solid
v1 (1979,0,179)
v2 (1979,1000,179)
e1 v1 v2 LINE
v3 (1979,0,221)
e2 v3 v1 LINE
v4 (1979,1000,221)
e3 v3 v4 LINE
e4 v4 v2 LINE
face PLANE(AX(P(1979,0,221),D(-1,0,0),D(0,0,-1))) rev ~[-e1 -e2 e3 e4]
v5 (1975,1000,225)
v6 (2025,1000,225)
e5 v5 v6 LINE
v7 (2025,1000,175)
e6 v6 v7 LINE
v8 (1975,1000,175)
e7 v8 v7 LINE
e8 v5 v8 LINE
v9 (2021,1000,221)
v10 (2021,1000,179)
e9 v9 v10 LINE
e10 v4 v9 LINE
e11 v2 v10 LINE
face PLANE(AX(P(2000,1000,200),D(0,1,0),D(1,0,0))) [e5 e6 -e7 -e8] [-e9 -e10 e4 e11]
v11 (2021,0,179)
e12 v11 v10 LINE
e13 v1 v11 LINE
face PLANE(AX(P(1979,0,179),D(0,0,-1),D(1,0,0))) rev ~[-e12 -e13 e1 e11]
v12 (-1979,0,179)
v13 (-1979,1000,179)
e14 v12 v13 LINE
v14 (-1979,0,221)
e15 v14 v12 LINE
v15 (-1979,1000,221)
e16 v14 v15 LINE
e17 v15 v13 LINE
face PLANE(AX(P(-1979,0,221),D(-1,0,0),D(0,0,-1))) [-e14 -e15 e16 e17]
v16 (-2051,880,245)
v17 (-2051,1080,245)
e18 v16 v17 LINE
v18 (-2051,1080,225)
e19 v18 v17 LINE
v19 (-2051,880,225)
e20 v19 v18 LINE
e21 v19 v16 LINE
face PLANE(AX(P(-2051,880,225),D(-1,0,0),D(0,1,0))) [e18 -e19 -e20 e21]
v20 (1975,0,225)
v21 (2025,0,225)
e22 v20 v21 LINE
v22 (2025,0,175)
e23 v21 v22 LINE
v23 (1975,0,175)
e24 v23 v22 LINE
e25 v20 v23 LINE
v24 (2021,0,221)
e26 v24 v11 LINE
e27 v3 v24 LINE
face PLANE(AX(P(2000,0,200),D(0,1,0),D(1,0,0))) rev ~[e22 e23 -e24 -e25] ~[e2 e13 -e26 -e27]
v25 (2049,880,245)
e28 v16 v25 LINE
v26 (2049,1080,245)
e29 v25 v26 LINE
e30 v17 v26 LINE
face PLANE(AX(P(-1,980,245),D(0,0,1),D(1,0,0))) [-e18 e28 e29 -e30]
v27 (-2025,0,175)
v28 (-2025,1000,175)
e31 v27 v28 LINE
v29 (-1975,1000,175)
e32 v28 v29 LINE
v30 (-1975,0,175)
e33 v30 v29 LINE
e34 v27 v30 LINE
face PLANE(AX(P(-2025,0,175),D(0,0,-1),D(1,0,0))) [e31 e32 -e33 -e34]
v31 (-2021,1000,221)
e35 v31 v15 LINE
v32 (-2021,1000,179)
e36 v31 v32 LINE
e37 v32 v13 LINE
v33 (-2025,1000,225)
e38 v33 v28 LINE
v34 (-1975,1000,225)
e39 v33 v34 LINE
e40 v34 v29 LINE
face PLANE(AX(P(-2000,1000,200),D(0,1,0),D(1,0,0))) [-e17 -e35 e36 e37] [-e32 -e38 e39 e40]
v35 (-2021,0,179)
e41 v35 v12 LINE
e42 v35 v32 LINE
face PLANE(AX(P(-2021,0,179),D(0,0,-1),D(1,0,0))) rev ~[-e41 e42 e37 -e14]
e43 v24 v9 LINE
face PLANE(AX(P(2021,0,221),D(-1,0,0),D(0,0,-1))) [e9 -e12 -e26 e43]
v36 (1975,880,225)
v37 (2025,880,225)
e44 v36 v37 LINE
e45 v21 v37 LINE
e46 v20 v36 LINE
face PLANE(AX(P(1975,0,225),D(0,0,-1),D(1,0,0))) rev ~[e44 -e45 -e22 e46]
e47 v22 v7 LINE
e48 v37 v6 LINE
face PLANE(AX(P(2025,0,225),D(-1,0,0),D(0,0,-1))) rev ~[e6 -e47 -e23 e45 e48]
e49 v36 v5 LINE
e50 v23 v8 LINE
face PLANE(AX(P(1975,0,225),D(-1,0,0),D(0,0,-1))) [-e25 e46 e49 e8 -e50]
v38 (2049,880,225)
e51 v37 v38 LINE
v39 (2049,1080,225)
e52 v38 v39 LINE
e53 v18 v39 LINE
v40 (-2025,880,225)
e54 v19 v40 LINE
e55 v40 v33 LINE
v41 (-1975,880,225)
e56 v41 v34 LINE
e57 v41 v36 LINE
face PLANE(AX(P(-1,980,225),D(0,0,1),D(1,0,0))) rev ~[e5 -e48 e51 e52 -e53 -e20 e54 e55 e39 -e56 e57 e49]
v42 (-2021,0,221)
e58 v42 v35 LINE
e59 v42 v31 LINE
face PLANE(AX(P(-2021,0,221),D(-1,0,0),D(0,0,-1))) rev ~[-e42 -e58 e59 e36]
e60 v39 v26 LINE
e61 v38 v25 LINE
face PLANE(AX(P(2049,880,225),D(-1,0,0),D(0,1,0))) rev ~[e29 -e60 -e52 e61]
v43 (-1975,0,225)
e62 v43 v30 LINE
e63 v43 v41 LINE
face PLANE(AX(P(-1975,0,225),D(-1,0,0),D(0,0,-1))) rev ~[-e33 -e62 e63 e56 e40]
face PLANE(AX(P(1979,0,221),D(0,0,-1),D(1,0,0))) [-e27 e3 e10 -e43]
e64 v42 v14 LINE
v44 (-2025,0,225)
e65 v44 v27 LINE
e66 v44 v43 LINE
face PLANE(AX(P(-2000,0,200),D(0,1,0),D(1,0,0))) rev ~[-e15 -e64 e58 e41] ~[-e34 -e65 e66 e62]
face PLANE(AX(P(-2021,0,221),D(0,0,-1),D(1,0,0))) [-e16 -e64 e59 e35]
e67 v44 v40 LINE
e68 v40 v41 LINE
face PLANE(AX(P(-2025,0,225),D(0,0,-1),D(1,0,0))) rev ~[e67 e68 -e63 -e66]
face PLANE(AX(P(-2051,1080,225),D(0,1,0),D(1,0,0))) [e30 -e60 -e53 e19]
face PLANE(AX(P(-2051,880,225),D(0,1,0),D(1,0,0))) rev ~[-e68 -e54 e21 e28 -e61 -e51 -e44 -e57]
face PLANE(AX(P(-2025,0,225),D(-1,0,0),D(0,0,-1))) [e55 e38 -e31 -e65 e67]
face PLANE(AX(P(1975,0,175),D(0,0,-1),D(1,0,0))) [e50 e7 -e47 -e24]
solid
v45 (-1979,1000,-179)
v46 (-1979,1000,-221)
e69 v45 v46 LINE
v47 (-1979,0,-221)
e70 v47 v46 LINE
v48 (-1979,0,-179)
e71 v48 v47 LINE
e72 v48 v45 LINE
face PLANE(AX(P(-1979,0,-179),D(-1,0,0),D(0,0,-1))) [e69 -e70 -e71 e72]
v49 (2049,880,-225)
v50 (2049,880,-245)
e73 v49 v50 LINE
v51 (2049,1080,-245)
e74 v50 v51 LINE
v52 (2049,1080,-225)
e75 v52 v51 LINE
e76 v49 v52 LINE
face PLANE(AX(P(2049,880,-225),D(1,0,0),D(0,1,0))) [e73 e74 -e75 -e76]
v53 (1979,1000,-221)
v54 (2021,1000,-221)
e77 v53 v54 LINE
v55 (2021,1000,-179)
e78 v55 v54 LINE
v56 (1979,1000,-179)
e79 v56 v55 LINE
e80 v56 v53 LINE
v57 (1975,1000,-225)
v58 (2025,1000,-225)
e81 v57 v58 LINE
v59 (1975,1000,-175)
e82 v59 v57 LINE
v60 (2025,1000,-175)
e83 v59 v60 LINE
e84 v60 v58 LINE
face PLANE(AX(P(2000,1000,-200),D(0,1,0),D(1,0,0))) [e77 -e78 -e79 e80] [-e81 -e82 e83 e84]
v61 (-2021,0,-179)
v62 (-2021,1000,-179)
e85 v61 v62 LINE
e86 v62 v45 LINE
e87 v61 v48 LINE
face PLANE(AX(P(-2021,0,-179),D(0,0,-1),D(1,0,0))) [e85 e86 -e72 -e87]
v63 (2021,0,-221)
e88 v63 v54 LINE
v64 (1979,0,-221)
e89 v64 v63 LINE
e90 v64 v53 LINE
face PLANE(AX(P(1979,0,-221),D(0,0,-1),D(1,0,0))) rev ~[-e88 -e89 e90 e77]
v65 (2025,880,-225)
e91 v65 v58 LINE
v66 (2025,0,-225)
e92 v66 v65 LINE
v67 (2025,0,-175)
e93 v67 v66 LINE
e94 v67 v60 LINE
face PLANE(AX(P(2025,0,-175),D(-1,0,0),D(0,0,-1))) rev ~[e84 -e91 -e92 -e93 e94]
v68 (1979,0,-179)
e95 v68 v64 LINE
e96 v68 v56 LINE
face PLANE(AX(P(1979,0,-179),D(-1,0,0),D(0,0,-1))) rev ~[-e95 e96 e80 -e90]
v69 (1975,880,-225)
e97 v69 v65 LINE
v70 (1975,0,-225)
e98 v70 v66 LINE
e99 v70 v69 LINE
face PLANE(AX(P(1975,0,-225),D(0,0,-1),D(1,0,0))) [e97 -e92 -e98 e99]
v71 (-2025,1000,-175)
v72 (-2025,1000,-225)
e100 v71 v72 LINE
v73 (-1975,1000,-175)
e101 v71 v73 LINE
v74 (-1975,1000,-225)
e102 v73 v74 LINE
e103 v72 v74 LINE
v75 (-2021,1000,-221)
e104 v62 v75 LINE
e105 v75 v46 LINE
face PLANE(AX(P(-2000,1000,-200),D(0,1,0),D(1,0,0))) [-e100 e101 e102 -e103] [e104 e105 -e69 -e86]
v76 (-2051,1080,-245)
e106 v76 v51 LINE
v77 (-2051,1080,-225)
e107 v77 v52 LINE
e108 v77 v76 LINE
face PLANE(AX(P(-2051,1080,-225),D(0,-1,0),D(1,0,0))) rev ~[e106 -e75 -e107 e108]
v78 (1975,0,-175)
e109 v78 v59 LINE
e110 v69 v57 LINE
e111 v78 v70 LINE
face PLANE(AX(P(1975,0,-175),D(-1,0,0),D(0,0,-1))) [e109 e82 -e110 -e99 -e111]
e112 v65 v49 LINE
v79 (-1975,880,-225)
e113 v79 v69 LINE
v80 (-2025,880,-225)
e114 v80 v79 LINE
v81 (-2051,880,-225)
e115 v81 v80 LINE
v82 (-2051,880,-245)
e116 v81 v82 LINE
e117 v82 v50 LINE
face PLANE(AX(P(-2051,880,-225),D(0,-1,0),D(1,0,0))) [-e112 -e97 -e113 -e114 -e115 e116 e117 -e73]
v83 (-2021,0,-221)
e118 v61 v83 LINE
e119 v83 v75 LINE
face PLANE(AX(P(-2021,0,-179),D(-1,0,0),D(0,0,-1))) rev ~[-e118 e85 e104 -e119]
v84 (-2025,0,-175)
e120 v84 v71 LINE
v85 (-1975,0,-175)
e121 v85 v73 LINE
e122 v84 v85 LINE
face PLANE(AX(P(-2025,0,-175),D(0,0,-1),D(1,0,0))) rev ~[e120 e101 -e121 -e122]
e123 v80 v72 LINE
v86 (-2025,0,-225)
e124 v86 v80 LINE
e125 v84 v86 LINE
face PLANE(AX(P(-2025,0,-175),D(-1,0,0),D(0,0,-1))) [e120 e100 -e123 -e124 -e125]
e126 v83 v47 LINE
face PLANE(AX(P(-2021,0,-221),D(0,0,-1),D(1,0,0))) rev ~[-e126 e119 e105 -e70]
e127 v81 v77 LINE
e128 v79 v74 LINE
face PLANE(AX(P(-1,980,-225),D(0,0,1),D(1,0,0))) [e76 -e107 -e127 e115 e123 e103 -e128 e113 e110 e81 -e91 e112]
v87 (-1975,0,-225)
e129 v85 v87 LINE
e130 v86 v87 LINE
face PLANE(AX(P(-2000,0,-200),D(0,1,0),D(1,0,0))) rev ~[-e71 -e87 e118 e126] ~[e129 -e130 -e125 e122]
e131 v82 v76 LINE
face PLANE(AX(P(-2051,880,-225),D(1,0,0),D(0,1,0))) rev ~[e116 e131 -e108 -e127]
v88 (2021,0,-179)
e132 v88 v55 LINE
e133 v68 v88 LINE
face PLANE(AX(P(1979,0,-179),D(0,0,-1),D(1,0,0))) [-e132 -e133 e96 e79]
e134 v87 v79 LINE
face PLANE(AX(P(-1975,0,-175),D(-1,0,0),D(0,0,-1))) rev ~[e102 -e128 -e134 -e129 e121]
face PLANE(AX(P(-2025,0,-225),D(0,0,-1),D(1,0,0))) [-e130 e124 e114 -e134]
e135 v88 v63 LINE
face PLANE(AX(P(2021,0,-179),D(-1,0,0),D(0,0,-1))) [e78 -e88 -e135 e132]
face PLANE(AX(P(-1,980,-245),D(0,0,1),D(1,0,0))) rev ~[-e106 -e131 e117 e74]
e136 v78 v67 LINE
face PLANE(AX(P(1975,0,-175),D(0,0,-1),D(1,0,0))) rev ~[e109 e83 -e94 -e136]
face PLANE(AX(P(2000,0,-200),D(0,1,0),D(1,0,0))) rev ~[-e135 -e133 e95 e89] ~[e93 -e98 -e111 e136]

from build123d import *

# Parameters (mm, degrees)
SKIZZE2_W                         = 50
SKIZZE2_H                         = 50
SKIZZE2_W_2                       = 42
SKIZZE2_H_2                       = 42
AUFSATZ_LINEAR_AUSTRAGEN1_DEPTH   = 1000
AUFSATZ_LINEAR_AUSTRAGEN1_2_DEPTH = 1000
AUFSATZ_LINEAR_AUSTRAGEN1_3_DEPTH = 1000
AUFSATZ_LINEAR_AUSTRAGEN1_4_DEPTH = 1000
SKIZZE3_W                         = 4100
SKIZZE3_H                         = 200
AUFSATZ_LINEAR_AUSTRAGEN2_DEPTH   = 20
SKIZZE4_W                         = 4100
SKIZZE4_H                         = 200
AUFSATZ_LINEAR_AUSTRAGEN3_DEPTH   = 20


with BuildPart() as part:
    # Skizze2 → Aufsatz-Linear austragen1 (new body)
    with BuildSketch(Plane(origin=(0, 0, 0), x_dir=(1, 0, 0), z_dir=(0, 1, 0))):
        with Locations((-2000, 200)):
            Rectangle(SKIZZE2_W, SKIZZE2_H)
        with Locations((-2000, 200)):
            Rectangle(SKIZZE2_W_2, SKIZZE2_H_2, mode=Mode.SUBTRACT)
    extrude(amount=AUFSATZ_LINEAR_AUSTRAGEN1_DEPTH)



with BuildPart() as body_2:
    # Skizze2 → Aufsatz-Linear austragen1 2 (new body)
    with BuildSketch(Plane(origin=(0, 0, 0), x_dir=(1, 0, 0), z_dir=(0, 1, 0))):
        with Locations((-2000, -200)):
            Rectangle(SKIZZE2_W, SKIZZE2_H)
        with Locations((-2000, -200)):
            Rectangle(SKIZZE2_W_2, SKIZZE2_H_2, mode=Mode.SUBTRACT)
    extrude(amount=AUFSATZ_LINEAR_AUSTRAGEN1_2_DEPTH)



with BuildPart() as body_3:
    # Skizze2 → Aufsatz-Linear austragen1 3 (new body)
    with BuildSketch(Plane(origin=(0, 0, 0), x_dir=(1, 0, 0), z_dir=(0, 1, 0))):
        with Locations((2000, -200)):
            Rectangle(SKIZZE2_W, SKIZZE2_H)
        with Locations((2000, -200)):
            Rectangle(SKIZZE2_W_2, SKIZZE2_H_2, mode=Mode.SUBTRACT)
    extrude(amount=AUFSATZ_LINEAR_AUSTRAGEN1_3_DEPTH)


with BuildPart() as body_4:
    # Skizze2 → Aufsatz-Linear austragen1 4 (new body)
    with BuildSketch(Plane(origin=(0, 0, 0), x_dir=(1, 0, 0), z_dir=(0, 1, 0))):
        with Locations((2000, 200)):
            Rectangle(SKIZZE2_W, SKIZZE2_H)
        with Locations((2000, 200)):
            Rectangle(SKIZZE2_W_2, SKIZZE2_H_2, mode=Mode.SUBTRACT)
    extrude(amount=AUFSATZ_LINEAR_AUSTRAGEN1_4_DEPTH)


with BuildPart() as body_2_1:
    add(body_2.part)

    add(body_3.part)  # Aufsatz-Linear austragen2 merges body 3
    # Skizze3 → Aufsatz-Linear austragen2 (add)
    with BuildSketch(Plane.XY.offset(225)):
        with Locations((-1, 980)):
            Rectangle(SKIZZE3_W, SKIZZE3_H)
    extrude(amount=AUFSATZ_LINEAR_AUSTRAGEN2_DEPTH)


with BuildPart() as part_1:
    add(part.part)

    add(body_4.part)  # Aufsatz-Linear austragen3 merges body 4
    # Skizze4 → Aufsatz-Linear austragen3 (add)
    with BuildSketch(Plane.XY.offset(-225)):
        with Locations((-1, 980)):
            Rectangle(SKIZZE4_W, SKIZZE4_H)
    extrude(amount=-AUFSATZ_LINEAR_AUSTRAGEN3_DEPTH)


solid = Compound([body_2_1.part, part_1.part])
